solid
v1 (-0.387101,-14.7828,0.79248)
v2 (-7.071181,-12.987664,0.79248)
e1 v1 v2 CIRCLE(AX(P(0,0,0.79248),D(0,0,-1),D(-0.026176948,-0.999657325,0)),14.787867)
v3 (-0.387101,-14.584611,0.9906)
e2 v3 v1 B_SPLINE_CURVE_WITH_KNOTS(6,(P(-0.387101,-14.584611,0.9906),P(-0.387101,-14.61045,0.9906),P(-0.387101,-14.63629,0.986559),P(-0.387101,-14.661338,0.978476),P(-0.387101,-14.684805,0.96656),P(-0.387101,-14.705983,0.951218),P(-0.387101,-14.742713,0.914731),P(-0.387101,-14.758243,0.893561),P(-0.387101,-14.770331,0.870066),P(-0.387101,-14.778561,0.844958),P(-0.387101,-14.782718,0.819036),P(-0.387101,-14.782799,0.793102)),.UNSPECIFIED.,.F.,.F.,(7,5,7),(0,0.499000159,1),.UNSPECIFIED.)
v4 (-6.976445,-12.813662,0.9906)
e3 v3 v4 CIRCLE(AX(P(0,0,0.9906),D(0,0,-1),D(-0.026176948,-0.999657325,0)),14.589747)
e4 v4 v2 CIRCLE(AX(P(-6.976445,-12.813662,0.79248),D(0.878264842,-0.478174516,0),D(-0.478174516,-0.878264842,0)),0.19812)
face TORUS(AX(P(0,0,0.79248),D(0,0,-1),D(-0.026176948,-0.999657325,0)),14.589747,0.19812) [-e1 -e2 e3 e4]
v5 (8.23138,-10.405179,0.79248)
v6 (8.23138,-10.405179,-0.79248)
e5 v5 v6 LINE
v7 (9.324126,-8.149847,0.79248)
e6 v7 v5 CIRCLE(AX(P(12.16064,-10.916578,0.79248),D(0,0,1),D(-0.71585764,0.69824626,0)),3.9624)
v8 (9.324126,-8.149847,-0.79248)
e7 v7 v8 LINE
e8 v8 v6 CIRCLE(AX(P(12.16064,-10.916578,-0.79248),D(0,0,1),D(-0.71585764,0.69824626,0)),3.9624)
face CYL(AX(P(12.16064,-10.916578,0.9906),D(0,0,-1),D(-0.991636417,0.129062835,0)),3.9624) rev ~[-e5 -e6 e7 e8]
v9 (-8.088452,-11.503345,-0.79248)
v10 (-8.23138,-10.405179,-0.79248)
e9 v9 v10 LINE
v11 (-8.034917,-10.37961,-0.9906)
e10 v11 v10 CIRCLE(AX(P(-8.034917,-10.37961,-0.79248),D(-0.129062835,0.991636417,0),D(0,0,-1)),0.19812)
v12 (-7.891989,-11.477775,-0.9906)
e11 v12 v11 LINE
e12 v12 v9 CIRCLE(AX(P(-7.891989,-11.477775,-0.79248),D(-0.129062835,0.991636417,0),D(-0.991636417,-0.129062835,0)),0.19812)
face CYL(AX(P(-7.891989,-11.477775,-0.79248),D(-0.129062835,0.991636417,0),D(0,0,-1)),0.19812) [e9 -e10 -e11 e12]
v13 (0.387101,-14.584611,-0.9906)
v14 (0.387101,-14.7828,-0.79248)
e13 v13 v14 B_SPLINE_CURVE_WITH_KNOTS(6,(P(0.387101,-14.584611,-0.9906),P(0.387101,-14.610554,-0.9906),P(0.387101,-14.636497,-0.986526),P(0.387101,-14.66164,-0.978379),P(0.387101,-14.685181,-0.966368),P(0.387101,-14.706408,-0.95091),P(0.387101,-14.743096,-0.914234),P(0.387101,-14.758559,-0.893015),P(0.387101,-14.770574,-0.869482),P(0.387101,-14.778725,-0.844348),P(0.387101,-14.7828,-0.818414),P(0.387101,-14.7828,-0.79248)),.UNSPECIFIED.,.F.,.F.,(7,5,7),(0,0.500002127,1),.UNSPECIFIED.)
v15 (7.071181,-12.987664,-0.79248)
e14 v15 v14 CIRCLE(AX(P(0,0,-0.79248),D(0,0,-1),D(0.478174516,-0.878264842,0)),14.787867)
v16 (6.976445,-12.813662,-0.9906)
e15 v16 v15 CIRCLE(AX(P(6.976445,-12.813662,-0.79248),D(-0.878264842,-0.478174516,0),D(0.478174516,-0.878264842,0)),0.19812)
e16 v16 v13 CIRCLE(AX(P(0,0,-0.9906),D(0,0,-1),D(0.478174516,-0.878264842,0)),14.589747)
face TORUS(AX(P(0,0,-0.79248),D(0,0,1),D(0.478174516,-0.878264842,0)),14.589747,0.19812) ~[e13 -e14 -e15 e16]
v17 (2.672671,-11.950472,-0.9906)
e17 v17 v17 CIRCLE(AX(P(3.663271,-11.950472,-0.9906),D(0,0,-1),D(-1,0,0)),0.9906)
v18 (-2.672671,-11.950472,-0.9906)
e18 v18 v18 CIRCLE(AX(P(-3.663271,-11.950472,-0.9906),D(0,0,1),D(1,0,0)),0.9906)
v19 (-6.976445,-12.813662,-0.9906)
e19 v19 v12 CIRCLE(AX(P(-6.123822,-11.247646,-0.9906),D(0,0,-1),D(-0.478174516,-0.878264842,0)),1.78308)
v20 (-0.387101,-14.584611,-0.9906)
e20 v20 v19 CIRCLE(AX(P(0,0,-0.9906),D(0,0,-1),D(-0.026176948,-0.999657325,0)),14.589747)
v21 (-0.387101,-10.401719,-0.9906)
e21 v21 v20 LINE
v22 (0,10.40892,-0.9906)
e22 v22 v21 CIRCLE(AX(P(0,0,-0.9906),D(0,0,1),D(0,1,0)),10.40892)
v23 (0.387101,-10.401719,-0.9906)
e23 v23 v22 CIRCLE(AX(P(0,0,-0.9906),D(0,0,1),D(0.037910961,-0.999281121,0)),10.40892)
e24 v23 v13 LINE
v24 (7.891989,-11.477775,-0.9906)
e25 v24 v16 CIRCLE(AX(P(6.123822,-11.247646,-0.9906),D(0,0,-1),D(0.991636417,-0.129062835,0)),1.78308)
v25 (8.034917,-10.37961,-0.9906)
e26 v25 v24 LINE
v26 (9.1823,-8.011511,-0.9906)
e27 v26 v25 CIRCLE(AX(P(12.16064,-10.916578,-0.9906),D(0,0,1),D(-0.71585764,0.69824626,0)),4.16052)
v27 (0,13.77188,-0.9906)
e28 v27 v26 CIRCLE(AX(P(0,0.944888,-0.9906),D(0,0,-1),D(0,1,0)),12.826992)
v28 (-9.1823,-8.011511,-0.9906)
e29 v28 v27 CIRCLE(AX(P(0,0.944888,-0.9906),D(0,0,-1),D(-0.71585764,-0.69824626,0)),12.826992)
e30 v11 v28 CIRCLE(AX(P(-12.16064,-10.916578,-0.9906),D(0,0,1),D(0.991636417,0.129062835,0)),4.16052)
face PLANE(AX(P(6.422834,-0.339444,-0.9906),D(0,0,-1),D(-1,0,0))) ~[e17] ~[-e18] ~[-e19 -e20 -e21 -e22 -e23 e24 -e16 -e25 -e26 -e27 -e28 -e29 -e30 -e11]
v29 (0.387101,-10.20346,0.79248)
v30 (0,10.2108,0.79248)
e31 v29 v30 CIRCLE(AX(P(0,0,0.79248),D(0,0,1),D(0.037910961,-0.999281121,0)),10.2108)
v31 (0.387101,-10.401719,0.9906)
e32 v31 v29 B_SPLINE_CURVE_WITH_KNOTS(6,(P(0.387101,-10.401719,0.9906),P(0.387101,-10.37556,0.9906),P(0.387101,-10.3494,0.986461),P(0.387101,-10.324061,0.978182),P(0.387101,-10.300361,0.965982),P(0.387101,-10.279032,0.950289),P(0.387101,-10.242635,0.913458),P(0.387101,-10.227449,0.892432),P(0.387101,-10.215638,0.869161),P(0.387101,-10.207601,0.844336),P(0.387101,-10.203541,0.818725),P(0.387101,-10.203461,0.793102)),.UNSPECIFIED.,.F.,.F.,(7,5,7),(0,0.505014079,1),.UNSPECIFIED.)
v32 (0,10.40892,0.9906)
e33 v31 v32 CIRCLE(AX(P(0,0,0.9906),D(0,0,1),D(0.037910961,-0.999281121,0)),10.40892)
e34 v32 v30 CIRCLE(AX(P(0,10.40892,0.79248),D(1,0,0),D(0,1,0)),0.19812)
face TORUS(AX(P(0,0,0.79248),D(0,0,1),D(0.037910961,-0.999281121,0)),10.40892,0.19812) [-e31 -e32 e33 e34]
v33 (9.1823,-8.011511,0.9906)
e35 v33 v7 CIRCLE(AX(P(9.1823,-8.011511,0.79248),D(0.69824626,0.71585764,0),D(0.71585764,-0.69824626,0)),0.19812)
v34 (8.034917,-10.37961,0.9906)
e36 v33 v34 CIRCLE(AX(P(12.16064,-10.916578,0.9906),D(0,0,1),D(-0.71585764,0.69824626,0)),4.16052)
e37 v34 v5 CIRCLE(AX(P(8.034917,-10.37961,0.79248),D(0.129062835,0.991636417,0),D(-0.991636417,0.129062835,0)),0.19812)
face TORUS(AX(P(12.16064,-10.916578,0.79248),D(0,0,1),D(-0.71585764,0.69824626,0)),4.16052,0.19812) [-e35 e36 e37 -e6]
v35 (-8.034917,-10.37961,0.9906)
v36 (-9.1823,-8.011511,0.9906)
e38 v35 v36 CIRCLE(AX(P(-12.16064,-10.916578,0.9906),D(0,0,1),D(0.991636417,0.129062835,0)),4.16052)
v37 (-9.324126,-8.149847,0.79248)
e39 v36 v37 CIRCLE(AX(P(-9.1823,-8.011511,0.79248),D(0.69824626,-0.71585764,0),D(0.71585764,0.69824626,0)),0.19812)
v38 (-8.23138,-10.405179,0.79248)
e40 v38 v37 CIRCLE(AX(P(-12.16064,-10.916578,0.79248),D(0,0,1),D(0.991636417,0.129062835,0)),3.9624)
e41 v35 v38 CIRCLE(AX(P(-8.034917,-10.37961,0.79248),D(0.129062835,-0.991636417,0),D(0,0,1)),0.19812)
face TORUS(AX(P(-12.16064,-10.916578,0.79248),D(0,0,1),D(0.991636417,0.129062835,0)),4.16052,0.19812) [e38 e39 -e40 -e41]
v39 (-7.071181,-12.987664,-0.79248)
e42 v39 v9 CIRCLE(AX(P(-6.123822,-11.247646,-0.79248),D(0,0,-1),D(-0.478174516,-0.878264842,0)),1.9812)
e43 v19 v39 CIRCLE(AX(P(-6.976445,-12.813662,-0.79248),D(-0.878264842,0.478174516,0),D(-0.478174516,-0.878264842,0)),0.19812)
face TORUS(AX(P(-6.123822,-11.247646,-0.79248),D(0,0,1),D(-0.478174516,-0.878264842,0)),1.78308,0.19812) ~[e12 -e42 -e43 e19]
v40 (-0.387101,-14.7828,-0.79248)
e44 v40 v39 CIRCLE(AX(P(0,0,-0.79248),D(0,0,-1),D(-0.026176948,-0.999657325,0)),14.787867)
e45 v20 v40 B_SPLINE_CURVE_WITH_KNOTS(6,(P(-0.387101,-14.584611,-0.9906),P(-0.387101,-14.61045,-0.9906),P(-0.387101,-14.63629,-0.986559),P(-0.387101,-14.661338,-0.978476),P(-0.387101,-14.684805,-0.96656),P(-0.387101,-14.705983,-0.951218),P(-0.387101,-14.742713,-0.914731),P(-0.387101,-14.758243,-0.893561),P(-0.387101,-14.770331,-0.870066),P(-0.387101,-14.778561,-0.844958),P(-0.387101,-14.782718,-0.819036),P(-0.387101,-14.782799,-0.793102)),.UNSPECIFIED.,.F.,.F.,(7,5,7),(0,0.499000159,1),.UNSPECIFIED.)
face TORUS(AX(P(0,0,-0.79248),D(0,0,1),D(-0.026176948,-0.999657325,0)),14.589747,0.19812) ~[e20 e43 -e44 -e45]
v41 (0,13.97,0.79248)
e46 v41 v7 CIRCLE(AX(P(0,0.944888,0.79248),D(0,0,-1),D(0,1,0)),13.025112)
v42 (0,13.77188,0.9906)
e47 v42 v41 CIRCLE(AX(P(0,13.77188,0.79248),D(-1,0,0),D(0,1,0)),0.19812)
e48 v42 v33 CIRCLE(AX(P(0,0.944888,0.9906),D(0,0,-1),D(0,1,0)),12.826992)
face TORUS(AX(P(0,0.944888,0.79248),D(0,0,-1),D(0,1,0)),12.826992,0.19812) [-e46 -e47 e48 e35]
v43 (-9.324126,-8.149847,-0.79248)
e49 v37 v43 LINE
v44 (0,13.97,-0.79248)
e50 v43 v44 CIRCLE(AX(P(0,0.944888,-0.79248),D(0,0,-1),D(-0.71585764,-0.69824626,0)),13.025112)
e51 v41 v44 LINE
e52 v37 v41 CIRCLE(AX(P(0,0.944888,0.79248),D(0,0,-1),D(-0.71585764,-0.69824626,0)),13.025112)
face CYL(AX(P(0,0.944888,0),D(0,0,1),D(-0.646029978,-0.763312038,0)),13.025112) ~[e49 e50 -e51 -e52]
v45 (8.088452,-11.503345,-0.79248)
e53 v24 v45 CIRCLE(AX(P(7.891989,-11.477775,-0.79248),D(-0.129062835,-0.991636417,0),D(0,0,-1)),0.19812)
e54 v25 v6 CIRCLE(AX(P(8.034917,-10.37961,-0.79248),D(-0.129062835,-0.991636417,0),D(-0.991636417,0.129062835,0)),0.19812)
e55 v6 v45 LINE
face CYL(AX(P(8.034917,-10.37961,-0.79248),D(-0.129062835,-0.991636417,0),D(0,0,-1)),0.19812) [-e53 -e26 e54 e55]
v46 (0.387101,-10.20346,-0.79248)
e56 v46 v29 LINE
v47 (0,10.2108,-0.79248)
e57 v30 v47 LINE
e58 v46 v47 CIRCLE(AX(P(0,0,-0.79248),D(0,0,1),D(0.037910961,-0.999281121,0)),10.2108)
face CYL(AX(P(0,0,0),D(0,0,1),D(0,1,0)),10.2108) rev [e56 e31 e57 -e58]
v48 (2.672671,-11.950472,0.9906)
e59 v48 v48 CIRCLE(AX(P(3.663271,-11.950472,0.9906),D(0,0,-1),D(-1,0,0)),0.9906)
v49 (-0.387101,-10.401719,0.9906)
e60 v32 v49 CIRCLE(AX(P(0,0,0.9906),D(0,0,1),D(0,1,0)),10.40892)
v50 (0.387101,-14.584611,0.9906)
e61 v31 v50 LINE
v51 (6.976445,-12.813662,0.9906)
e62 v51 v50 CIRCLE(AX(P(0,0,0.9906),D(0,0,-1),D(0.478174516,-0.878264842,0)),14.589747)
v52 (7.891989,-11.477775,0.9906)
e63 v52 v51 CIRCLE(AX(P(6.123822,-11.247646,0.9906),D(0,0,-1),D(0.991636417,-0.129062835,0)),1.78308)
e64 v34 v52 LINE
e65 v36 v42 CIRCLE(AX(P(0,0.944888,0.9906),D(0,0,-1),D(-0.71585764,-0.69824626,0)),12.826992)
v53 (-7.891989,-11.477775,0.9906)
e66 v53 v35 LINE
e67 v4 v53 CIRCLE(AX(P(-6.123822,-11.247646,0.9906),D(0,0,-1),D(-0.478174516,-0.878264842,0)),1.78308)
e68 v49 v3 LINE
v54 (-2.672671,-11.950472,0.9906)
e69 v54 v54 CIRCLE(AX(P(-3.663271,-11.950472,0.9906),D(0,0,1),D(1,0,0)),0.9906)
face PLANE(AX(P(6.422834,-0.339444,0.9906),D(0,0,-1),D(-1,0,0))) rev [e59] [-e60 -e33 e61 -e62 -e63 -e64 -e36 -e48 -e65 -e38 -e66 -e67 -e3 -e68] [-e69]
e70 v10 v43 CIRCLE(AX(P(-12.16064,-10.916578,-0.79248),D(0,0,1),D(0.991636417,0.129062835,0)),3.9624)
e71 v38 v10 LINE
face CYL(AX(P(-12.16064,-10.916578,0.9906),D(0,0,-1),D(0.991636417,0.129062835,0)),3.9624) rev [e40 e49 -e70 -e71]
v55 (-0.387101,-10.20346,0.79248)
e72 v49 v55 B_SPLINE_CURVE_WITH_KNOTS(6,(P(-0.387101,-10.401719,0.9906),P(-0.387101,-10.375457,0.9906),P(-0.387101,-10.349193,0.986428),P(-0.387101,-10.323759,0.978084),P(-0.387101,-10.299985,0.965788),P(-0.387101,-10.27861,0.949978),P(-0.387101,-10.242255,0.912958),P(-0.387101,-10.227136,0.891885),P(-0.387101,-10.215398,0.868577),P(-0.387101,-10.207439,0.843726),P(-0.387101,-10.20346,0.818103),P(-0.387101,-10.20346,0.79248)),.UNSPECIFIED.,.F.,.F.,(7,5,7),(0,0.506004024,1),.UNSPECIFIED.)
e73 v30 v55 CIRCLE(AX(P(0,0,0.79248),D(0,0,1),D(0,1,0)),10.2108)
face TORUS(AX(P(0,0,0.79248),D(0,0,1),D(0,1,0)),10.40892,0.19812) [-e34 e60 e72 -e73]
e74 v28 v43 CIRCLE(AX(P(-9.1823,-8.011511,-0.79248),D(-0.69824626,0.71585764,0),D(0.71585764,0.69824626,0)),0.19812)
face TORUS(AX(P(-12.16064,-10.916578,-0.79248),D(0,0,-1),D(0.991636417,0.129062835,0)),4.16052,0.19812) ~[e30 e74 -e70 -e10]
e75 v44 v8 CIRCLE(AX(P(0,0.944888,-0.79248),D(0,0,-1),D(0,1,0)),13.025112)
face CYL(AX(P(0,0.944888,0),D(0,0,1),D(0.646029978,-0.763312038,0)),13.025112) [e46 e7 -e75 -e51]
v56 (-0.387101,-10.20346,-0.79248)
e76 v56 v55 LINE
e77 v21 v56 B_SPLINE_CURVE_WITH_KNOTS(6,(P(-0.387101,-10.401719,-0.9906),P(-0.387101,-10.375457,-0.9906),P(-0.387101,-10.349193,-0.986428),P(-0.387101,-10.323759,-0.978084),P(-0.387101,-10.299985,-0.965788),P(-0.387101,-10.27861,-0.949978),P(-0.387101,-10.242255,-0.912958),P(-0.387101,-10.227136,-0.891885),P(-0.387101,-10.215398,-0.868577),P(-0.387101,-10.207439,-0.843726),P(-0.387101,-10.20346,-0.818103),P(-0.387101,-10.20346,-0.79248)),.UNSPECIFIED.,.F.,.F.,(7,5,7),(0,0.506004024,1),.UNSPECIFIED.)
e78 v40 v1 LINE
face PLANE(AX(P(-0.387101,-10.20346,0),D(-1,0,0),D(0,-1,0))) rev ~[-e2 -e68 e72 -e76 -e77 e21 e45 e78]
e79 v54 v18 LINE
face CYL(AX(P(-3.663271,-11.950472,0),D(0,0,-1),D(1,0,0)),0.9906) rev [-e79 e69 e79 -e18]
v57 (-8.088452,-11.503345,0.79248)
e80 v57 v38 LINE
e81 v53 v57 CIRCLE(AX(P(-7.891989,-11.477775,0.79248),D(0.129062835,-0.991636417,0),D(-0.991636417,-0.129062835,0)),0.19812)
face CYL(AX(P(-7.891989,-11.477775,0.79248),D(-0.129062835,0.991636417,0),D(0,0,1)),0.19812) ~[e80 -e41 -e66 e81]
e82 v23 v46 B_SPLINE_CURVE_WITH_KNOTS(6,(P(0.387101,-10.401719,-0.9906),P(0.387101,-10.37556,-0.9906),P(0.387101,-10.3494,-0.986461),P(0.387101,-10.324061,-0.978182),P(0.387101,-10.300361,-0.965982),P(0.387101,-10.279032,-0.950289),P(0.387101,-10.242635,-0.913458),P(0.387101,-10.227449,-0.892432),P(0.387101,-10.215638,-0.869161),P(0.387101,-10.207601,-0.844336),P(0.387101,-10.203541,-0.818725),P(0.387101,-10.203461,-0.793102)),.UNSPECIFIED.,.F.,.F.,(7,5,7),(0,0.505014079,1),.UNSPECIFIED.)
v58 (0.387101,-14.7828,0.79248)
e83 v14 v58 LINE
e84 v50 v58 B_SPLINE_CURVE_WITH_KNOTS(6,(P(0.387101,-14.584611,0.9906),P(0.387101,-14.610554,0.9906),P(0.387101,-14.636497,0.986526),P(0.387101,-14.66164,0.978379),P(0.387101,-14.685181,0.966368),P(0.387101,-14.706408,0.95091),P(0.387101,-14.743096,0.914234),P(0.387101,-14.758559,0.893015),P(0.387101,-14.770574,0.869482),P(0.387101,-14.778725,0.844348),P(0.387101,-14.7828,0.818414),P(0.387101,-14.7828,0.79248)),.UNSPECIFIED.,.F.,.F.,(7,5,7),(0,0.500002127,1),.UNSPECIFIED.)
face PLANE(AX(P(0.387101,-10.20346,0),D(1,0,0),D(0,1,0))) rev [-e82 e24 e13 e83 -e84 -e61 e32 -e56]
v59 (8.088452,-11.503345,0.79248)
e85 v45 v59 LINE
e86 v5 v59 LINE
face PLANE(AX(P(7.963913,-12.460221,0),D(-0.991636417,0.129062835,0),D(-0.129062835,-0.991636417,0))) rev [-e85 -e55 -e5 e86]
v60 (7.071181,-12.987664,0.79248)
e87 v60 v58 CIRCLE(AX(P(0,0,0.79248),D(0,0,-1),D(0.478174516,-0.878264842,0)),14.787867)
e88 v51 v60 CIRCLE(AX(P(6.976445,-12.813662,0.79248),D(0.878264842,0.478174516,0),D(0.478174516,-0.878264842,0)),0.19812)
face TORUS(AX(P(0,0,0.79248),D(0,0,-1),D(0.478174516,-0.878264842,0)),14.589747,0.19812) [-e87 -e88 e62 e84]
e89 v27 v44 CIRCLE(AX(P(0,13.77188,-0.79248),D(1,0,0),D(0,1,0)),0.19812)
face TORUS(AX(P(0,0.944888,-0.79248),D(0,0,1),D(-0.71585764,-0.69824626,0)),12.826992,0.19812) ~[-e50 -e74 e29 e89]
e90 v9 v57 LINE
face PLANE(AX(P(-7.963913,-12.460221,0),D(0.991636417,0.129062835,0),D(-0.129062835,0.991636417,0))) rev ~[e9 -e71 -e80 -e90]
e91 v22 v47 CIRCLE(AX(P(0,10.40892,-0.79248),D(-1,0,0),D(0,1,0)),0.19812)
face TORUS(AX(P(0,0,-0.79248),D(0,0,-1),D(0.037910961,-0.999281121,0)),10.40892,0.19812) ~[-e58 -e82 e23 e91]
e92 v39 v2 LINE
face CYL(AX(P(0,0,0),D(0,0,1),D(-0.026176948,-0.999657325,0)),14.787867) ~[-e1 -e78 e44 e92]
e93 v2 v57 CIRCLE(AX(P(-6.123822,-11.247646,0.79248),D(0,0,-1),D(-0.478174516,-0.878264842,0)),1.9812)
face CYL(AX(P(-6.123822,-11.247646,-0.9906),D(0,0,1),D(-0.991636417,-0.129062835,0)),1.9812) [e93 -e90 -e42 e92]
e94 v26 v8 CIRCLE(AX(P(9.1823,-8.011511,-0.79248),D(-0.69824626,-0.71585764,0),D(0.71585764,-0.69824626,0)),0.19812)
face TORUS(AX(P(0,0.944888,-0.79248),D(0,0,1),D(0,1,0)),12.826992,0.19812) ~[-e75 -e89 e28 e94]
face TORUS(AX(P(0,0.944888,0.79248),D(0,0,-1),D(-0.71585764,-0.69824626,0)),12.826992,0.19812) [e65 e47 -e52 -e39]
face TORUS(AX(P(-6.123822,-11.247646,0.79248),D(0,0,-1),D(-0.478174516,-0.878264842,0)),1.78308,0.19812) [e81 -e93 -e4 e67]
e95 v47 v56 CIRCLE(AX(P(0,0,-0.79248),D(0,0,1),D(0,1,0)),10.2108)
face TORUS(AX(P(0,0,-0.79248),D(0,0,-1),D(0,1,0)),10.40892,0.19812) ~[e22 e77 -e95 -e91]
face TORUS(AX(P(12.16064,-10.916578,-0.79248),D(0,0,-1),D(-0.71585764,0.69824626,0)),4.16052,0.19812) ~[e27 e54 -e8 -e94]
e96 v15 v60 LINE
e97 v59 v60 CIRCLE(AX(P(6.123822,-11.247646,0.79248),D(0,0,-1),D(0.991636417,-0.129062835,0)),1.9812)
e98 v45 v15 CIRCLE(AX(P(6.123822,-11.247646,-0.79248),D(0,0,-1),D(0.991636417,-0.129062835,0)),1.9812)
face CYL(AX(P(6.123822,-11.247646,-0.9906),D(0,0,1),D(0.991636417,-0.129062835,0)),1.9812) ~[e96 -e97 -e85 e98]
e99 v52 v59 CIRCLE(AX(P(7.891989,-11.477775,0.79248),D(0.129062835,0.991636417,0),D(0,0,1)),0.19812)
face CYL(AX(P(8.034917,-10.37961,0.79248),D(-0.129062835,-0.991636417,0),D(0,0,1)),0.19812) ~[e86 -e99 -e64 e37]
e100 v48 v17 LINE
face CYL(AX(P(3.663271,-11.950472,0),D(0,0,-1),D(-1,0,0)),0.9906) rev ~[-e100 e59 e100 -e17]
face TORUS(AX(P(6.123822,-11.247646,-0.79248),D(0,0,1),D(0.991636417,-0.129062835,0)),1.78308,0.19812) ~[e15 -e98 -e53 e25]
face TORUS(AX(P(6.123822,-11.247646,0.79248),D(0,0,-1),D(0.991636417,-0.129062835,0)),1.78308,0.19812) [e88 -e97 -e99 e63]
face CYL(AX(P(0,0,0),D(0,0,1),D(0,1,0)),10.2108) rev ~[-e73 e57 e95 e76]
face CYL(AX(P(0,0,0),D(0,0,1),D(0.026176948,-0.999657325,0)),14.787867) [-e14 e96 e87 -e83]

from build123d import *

# Parameters (mm, degrees)
SKETCH3_R           = 0.9906
BOSS_EXTRUDE1_DEPTH = 0.9906
FILLET1_R           = 3.9624
FILLET2_R           = 1.9812
FILLET3_R           = 0.19812


with BuildPart() as part:
    # Sketch3 → Boss-Extrude1 (new, symmetric)
    with BuildSketch(Plane.XY):
        with BuildLine():
            Line((-7.963913355, -12.460220996), (-8.414612562, -8.997336074))
            ThreePointArc((-8.414612562, -8.997336074), (-12.230129097, 5.425677886), (0, 13.97))
            Line((0, 13.97), (0, 10.2108))
            ThreePointArc((0, 10.2108), (-10.208964753, 0.193585415), (-0.387101241, -10.203459672))
            Line((-0.387101241, -10.203459672), (-0.387101241, -14.7828))
            ThreePointArc((-0.387101241, -14.7828), (-4.333988291, -14.138513667), (-7.963913355, -12.460220996))
        make_face()
        with Locations((-3.663271004, -11.95047233)):
            Circle(SKETCH3_R, mode=Mode.SUBTRACT)
    extrude(amount=BOSS_EXTRUDE1_DEPTH, both=True)

    # Fillet1
    fillet1_edges = [part.edges().sort_by_distance(p)[0] for p in [
        (-8.414612562, -8.997336074, 0),
    ]]
    fillet(fillet1_edges, radius=FILLET1_R)

    # Fillet2
    fillet2_edges = [part.edges().sort_by_distance(p)[0] for p in [
        (-7.963913355, -12.460220996, 0),
    ]]
    fillet(fillet2_edges, radius=FILLET2_R)

    # Mirror1: part across plane


with BuildPart() as part_1:
    add(part.part)
    add(part.part.mirror(Plane(origin=(0, 13.97, 0.9906), x_dir=(0, 0, 1), z_dir=(-1, 0, 0))))

    # Fillet3
    fillet3_edges = [part_1.edges().sort_by_distance(p)[0] for p in [
        (-10.208964753, 0.193585415, 0.9906),
        (-8.159915946, -10.954262245, -0.9906),
        (-8.159915946, -10.954262245, 0.9906),
        (-8.594751987, -9.188846365, -0.9906),
        (-8.594751987, -9.188846365, 0.9906),
        (-3.835638548, -14.281768103, -0.9906),
        (-3.835638548, -14.281768103, 0.9906),
        (-7.758056172, -12.367660081, -0.9906),
        (-7.758056172, -12.367660081, 0.9906),
        (-12.002363858, 6.004215822, 0.9906),
        (3.835638548, -14.281768103, -0.9906),
        (8.159915946, -10.954262245, -0.9906),
        (8.159915946, -10.954262245, 0.9906),
        (3.835638548, -14.281768103, 0.9906),
        (8.594751987, -9.188846365, 0.9906),
        (8.594751987, -9.188846365, -0.9906),
        (7.758056172, -12.367660081, 0.9906),
        (7.758056172, -12.367660081, -0.9906),
        (-10.208964753, 0.193585415, -0.9906),
        (-12.002363858, 6.004215822, -0.9906),
    ]]
    fillet(fillet3_edges, radius=FILLET3_R)


solid = part_1.part
